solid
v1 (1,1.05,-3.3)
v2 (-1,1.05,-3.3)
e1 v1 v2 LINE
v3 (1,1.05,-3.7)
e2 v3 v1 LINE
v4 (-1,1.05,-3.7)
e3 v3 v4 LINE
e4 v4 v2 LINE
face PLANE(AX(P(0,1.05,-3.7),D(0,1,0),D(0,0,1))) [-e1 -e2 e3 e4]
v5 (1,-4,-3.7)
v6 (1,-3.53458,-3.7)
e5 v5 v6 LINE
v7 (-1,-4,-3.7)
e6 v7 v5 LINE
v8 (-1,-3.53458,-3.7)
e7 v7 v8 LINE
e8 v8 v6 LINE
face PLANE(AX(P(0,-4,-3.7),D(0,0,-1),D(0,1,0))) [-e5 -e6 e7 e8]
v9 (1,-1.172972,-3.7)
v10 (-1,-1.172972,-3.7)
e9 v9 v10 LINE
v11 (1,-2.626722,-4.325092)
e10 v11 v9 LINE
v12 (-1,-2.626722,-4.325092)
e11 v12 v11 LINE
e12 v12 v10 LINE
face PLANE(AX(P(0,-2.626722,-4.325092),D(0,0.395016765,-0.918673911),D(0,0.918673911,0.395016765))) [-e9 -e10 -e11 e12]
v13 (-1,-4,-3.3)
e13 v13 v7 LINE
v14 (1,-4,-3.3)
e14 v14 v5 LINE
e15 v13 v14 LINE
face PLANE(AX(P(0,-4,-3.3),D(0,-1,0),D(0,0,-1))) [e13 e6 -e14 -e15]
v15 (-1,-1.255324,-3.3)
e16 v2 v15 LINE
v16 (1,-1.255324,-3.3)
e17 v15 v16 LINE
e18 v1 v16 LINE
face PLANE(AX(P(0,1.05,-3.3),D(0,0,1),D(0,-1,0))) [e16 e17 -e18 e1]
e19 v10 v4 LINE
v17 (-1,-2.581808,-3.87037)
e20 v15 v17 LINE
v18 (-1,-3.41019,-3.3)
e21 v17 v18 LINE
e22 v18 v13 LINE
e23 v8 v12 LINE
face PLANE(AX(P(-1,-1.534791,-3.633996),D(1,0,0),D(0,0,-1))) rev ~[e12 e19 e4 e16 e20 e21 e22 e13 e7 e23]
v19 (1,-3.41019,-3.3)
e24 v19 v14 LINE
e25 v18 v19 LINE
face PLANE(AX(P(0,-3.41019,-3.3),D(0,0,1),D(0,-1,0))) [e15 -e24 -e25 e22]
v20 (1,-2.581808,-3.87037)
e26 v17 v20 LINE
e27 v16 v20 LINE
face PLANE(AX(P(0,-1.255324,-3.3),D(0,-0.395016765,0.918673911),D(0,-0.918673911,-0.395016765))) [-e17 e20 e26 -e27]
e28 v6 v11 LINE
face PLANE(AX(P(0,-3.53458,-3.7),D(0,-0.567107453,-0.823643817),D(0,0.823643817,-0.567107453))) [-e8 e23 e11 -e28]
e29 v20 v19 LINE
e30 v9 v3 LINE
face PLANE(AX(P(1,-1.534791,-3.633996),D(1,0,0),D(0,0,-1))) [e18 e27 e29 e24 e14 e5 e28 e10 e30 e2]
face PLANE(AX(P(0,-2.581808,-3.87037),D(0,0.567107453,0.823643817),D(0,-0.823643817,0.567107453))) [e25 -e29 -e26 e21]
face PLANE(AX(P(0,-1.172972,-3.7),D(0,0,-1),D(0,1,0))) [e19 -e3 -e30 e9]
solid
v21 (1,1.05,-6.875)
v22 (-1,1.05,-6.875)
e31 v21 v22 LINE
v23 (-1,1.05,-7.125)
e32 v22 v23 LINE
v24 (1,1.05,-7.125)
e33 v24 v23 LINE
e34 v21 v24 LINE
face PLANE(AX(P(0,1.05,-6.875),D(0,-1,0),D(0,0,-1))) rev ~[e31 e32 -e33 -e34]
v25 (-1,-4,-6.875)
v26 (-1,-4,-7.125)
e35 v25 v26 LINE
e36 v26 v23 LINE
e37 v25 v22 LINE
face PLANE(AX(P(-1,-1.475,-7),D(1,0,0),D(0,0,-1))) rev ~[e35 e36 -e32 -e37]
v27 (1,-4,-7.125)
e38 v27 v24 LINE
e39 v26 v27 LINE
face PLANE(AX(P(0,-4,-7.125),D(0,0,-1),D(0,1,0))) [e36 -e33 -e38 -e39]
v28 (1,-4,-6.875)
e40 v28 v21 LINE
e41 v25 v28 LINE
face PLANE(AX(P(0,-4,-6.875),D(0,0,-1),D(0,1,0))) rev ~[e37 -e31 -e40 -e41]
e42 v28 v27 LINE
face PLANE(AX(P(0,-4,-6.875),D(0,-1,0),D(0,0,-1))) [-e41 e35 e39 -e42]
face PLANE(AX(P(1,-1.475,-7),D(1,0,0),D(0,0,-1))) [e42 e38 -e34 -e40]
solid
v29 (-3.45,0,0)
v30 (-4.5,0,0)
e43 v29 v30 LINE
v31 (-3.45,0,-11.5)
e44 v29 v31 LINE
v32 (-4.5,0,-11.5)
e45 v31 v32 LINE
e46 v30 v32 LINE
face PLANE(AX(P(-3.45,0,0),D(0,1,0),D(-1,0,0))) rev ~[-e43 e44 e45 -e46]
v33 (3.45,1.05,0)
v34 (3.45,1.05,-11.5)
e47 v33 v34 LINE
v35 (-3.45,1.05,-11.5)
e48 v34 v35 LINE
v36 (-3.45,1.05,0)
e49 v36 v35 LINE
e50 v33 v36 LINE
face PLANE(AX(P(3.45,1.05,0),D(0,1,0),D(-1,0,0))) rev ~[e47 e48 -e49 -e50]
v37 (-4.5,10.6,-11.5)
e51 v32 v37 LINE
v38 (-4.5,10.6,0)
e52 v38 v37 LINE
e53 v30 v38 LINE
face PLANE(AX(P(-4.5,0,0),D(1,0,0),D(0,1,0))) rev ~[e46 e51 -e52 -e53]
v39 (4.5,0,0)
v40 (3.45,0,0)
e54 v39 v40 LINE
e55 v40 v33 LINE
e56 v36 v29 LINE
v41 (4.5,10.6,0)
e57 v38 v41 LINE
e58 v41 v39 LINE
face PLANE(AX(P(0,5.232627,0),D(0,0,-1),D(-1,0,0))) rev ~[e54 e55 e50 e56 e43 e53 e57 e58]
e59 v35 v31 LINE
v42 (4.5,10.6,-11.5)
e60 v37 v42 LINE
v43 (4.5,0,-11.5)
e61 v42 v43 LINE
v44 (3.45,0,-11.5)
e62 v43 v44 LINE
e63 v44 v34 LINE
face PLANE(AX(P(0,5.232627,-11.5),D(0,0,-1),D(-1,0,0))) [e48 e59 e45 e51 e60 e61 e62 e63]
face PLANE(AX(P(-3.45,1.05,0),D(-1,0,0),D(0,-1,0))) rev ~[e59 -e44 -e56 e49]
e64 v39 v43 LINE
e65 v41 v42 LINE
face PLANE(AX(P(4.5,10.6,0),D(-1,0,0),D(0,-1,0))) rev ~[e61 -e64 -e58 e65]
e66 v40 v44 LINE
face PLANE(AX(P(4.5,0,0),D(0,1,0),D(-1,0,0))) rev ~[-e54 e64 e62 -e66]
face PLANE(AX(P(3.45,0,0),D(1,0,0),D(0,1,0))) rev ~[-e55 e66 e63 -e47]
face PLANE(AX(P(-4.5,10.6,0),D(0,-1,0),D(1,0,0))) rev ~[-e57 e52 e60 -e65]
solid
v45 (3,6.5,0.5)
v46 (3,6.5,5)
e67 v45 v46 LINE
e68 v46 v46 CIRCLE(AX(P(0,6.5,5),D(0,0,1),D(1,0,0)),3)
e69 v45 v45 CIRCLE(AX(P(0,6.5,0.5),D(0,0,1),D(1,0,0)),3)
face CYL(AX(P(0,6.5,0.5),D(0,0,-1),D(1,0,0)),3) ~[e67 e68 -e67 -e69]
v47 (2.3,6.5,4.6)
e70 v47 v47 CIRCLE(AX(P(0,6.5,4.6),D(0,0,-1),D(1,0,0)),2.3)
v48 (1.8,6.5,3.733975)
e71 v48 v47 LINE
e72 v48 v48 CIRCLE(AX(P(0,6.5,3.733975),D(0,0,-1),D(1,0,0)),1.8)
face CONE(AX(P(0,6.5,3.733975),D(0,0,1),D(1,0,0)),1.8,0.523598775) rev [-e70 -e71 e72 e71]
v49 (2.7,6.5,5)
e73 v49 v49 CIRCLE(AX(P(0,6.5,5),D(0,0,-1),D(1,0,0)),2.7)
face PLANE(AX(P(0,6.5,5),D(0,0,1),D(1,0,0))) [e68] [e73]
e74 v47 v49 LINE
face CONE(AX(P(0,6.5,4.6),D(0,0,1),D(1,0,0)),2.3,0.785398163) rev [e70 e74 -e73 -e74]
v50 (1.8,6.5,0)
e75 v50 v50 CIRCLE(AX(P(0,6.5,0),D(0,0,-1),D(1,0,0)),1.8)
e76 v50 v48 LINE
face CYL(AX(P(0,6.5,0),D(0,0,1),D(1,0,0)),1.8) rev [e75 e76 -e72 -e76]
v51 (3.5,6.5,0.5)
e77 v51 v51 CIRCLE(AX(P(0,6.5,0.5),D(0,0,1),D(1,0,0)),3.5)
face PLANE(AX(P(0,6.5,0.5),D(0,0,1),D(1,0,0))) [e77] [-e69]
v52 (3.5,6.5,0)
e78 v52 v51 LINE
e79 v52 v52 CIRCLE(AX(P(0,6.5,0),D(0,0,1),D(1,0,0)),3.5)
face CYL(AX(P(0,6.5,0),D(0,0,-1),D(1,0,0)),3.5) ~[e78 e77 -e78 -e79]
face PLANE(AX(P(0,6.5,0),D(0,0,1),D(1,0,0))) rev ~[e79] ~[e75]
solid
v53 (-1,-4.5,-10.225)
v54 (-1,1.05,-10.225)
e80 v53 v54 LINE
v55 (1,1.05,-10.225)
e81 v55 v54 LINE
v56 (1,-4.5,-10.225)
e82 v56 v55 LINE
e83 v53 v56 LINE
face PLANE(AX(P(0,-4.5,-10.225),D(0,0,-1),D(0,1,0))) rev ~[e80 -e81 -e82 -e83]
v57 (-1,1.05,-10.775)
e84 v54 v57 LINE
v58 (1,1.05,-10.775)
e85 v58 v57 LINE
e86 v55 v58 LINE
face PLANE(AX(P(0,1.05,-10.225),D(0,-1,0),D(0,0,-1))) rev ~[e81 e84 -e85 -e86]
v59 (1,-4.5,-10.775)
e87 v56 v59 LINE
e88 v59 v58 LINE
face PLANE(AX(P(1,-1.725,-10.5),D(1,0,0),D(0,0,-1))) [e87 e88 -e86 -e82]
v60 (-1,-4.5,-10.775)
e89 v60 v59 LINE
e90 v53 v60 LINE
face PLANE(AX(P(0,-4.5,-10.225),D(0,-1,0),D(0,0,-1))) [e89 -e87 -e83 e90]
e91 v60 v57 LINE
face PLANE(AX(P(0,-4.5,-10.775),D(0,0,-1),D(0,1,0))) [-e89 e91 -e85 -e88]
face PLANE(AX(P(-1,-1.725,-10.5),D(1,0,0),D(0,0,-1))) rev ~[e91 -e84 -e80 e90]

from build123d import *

# Parameters (mm, degrees)
BOSS_EXTRUDE1_DEPTH   = 11.5
SKETCH2_R             = 3.5
BOSS_EXTRUDE2_DEPTH   = 0.5
SKETCH3_R             = 3
BOSS_EXTRUDE3_DEPTH   = 4.5
BOSS_EXTRUDE4_DEPTH   = 1
SKETCH5_W             = 0.25
SKETCH5_H             = 5.05
BOSS_EXTRUDE4_2_DEPTH = 1
SKETCH5_W_2           = 0.55
SKETCH5_H_2           = 5.55
BOSS_EXTRUDE4_3_DEPTH = 1


with BuildPart() as part:
    # Sketch1 → Boss-Extrude1 (new body)
    with BuildSketch(Plane.XY):
        Polygon((-4.5, 10.6), (4.5, 10.6), (4.5, 0), (3.45, 0), (3.45, 1.05), (-3.45, 1.05), (-3.45, 0), (-4.5, 0), align=None)
    extrude(amount=-BOSS_EXTRUDE1_DEPTH)


with BuildPart() as body_2:
    # Sketch2 → Boss-Extrude2 (new body)
    with BuildSketch(Plane.XY):
        with Locations((0, 6.5)):
            Circle(SKETCH2_R)
    extrude(amount=BOSS_EXTRUDE2_DEPTH)

    # Sketch3 → Boss-Extrude3 (add)
    with BuildSketch(Plane.XY.offset(0.5)):
        with Locations((0, 6.5)):
            Circle(SKETCH3_R)
    extrude(amount=BOSS_EXTRUDE3_DEPTH)

    # Sketch4 → Cut-Revolve1 (revolve, cut)
    with BuildSketch(Plane(origin=(0, 6.5, 0), x_dir=(1, 0, 0), z_dir=(0, 1, 0))):
        Polygon((0, 0), (1.8, 0), (1.8, -3.733974596), (2.3, -4.6), (2.7, -5), (0, -5), align=None)
    revolve(axis=Axis((0, 6.5, 5), (0, 0, -1)), mode=Mode.SUBTRACT)


with BuildPart() as body_3:
    # Sketch5 → Boss-Extrude4 (new, symmetric)
    with BuildSketch(Plane(origin=(0, 0, 0), x_dir=(0, 0, -1), z_dir=(1, 0, 0))):
        Polygon((3.3, 1.05), (3.3, -1.255323904), (3.870369506, -2.581808326), (3.3, -3.410189816), (3.3, -4), (3.7, -4), (3.7, -3.534579776), (4.325091858, -2.626721766), (3.7, -1.172971866), (3.7, 1.05), align=None)
    extrude(amount=BOSS_EXTRUDE4_DEPTH, both=True)


with BuildPart() as body_4:
    # Sketch5 → Boss-Extrude4 2 (new, symmetric)
    with BuildSketch(Plane(origin=(0, 0, 0), x_dir=(0, 0, -1), z_dir=(1, 0, 0))):
        with Locations((7, -1.475)):
            Rectangle(SKETCH5_W, SKETCH5_H)
    extrude(amount=BOSS_EXTRUDE4_2_DEPTH, both=True)


with BuildPart() as body_5:
    # Sketch5 → Boss-Extrude4 3 (new, symmetric)
    with BuildSketch(Plane(origin=(0, 0, 0), x_dir=(0, 0, -1), z_dir=(1, 0, 0))):
        with Locations((10.5, -1.725)):
            Rectangle(SKETCH5_W_2, SKETCH5_H_2)
    extrude(amount=BOSS_EXTRUDE4_3_DEPTH, both=True)


solid = Compound([part.part, body_2.part, body_3.part, body_4.part, body_5.part])
